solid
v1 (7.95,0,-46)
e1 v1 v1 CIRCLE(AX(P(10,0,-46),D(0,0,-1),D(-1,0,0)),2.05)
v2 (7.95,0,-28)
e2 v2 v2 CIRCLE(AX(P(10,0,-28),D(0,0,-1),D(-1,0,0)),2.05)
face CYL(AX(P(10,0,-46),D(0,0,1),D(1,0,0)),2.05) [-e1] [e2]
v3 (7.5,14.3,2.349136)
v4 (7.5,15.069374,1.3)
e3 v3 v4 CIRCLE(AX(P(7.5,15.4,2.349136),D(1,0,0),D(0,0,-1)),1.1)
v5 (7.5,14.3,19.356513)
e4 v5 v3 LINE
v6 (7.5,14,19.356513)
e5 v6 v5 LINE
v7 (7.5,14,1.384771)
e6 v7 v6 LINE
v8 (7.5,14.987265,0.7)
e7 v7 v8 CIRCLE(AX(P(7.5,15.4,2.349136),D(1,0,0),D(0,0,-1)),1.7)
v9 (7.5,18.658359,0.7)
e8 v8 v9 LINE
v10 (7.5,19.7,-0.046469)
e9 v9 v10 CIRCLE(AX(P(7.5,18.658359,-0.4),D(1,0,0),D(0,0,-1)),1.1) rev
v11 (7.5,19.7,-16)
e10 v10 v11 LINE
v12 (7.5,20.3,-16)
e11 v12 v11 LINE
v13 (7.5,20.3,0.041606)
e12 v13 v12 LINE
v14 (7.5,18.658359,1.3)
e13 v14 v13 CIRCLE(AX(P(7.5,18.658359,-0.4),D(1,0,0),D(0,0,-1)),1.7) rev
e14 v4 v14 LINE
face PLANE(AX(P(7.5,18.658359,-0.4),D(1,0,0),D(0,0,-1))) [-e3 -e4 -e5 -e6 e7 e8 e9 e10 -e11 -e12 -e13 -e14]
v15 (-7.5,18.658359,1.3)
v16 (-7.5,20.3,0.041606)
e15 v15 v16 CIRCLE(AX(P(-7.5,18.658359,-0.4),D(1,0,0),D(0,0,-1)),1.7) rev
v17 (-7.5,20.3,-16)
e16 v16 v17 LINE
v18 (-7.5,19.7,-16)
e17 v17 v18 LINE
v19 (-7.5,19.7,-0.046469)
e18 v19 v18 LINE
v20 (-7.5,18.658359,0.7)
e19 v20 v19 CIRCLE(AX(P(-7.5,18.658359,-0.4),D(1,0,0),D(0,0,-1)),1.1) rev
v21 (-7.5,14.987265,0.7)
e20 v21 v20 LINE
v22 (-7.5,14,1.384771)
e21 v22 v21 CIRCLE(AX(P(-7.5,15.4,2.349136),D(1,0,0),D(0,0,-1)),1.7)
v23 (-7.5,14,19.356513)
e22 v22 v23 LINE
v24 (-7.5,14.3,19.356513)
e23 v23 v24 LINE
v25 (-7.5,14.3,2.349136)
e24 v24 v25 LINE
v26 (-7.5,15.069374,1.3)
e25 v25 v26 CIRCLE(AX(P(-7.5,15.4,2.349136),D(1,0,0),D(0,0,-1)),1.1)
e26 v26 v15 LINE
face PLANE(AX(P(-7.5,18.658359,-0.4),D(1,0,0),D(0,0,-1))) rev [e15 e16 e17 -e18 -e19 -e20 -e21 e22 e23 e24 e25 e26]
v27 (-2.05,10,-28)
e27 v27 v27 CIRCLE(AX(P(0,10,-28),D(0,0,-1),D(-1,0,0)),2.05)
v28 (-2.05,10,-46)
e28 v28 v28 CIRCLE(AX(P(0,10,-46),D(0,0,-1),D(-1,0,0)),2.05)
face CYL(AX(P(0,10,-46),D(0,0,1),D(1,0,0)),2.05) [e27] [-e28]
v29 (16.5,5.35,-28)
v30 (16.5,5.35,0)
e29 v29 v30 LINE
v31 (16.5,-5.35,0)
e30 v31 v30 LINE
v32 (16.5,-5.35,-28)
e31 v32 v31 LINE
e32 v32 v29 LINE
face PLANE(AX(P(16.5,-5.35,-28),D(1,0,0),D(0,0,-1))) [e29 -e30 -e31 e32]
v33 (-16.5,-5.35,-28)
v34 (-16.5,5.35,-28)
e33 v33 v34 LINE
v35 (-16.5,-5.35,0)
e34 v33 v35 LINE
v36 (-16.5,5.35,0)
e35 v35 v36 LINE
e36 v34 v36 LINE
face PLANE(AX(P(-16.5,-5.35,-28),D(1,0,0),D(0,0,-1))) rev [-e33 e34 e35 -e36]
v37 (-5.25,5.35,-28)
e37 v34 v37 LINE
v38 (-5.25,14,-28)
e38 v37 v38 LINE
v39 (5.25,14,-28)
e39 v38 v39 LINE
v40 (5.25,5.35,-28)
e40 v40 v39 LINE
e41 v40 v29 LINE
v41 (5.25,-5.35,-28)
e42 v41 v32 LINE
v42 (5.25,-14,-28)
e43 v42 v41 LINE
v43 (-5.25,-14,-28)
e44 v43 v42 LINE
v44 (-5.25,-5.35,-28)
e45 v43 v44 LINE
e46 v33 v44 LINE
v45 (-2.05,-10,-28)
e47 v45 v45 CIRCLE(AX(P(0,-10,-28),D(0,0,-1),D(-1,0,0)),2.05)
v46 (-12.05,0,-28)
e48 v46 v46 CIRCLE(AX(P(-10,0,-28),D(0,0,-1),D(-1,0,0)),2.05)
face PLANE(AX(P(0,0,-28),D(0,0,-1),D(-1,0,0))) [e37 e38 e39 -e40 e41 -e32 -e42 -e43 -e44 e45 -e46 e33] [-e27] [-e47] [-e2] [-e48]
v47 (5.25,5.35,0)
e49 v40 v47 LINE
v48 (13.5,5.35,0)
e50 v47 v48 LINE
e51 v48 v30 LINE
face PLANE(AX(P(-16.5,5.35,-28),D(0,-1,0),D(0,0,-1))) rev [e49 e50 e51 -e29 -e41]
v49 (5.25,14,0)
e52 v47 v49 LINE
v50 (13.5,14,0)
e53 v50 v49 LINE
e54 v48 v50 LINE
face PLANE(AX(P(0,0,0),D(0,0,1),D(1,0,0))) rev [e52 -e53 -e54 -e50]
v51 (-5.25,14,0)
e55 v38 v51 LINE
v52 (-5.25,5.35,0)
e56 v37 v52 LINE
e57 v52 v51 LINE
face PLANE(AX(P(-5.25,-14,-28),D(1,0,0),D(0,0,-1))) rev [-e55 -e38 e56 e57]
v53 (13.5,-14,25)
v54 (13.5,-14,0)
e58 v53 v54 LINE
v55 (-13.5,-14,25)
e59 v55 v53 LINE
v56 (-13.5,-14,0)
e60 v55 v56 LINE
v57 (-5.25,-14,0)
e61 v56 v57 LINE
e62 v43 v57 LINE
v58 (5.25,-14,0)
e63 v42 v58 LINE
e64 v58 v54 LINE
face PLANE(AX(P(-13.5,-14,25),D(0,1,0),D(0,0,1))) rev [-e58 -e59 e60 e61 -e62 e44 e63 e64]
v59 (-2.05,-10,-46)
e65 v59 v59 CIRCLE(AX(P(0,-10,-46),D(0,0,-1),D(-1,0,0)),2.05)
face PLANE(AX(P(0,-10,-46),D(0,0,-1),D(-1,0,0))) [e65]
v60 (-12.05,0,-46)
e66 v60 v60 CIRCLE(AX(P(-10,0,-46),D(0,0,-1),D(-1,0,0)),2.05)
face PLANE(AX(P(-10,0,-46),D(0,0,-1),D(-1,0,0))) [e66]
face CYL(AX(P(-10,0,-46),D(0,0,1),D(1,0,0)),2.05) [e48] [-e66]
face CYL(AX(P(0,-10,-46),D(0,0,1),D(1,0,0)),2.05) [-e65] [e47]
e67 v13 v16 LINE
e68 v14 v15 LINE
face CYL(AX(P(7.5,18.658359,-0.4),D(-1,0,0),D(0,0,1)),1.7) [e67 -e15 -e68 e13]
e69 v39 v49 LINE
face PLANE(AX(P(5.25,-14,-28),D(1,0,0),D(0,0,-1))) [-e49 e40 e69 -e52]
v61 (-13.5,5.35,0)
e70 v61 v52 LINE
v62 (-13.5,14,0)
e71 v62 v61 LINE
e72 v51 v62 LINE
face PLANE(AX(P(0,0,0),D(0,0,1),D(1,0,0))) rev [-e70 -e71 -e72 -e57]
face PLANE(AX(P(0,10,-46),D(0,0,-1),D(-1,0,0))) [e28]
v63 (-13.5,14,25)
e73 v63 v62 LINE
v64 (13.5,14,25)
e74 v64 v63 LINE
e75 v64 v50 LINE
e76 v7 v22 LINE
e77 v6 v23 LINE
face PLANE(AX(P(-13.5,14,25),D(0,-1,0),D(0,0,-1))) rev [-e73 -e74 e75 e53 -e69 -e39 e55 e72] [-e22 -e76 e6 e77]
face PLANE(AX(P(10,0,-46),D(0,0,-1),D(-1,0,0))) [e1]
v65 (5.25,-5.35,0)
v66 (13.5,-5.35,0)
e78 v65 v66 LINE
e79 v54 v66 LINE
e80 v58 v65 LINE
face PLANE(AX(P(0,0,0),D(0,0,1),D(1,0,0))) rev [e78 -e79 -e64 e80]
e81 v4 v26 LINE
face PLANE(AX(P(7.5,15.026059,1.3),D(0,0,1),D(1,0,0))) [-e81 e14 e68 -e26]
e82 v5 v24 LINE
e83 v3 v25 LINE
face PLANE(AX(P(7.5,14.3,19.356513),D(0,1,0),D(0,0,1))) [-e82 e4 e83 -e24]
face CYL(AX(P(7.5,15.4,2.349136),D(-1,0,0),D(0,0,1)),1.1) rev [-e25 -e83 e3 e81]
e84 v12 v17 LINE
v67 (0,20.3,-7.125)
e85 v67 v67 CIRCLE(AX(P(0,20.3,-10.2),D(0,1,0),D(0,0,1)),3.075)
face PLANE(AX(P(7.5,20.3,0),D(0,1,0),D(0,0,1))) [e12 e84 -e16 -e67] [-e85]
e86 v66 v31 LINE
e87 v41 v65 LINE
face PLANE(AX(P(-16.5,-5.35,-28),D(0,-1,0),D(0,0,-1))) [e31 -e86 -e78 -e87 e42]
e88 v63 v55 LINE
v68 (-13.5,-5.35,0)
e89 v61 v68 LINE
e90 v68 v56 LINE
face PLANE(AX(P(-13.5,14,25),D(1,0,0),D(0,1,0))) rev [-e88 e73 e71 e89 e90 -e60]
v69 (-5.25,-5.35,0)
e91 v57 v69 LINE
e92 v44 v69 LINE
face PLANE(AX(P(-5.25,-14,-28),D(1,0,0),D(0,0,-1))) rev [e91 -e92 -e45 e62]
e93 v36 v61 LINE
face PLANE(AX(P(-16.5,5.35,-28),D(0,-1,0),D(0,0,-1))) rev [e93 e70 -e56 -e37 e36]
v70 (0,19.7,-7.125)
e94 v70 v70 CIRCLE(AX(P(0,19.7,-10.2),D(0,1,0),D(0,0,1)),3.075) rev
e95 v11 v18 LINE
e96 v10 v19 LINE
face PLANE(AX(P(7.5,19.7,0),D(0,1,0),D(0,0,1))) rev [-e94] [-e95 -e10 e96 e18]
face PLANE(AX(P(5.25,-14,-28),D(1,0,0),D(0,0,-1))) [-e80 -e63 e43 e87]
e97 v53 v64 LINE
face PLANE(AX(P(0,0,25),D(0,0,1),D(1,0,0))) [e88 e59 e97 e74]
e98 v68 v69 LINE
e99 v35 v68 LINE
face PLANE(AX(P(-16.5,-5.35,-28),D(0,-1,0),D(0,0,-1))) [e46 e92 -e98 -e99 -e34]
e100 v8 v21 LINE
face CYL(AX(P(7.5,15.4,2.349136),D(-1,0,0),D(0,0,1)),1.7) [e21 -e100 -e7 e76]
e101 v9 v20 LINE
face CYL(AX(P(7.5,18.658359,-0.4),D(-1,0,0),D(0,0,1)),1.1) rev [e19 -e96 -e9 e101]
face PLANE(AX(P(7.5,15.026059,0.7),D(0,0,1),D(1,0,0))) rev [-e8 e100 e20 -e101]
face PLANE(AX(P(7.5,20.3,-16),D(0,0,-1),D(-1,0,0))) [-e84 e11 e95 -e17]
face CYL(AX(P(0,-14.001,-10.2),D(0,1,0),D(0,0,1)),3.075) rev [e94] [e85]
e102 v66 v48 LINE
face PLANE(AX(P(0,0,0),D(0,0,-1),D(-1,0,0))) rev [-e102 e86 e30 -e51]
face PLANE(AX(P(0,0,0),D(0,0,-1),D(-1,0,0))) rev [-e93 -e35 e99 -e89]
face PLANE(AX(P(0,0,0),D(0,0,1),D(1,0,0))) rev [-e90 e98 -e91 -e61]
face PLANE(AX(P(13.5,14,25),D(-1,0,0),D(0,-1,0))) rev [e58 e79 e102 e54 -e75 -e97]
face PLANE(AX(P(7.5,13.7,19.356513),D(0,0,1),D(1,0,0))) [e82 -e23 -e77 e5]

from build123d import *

# Parameters (mm, degrees)
SKETCH1_W           = 27
SKETCH1_H           = 28
BOSS_EXTRUDE1_DEPTH = 25
SKETCH2_W           = 33
SKETCH2_H           = 10.7
SKETCH2_W_2         = 10.5
SKETCH2_H_2         = 28
BOSS_EXTRUDE2_DEPTH = 28
SKETCH3_R           = 2.05
BOSS_EXTRUDE3_DEPTH = 18
EXTRUDE_THIN1_DEPTH = 7.5
MOUNTING_HOLE_REACH = 61.705
SKETCH5_R           = 3.075


with BuildPart() as part:
    # Sketch1 → Boss-Extrude1 (new body)
    with BuildSketch(Plane.XY):
        Rectangle(SKETCH1_W, SKETCH1_H)
    extrude(amount=BOSS_EXTRUDE1_DEPTH)

    # Sketch2 → Boss-Extrude2 (add)
    with BuildSketch(Plane.XY):
        Rectangle(SKETCH2_W, SKETCH2_H)
        Rectangle(SKETCH2_W_2, SKETCH2_H_2)
    extrude(amount=-BOSS_EXTRUDE2_DEPTH)

    # Sketch3 → Boss-Extrude3 (add)
    with BuildSketch(Plane(origin=(0, 0, -28), x_dir=(-1, 0, 0), z_dir=(0, 0, -1))):
        with Locations((-10, 0)):
            Circle(SKETCH3_R)
        with Locations((10, 0)):
            Circle(SKETCH3_R)
        with Locations((0, 10)):
            Circle(SKETCH3_R)
        with Locations((0, -10)):
            Circle(SKETCH3_R)
    extrude(amount=BOSS_EXTRUDE3_DEPTH)

    # Sketch4 → Extrude-Thin1 (add, symmetric)
    with BuildSketch(Plane(origin=(0, 0, 0), x_dir=(0, 0, -1), z_dir=(1, 0, 0))):
        with BuildLine():
            Line((-19.356513239, 13.7), (-2.349136171, 13.7))
            ThreePointArc((-2.349136171, 13.7), (-1.303107706, 14.059916252), (-0.7, 14.987265351))
            Line((-0.7, 14.987265351), (-0.7, 18.658359214))
            ThreePointArc((-0.7, 18.658359214), (-0.494115365, 19.29910699), (0.04646857, 19.7))
            Line((0.04646857, 19.7), (16, 19.7))
            Line((16, 19.7), (16, 20.3))
            Line((16, 20.3), (-0.041605625, 20.3))
            ThreePointArc((-0.041605625, 20.3), (-0.949208947, 19.692590918), (-1.3, 18.658359214))
            Line((-1.3, 18.658359214), (-1.3, 15.069374388))
            ThreePointArc((-1.3, 15.069374388), (-1.698631818, 14.512957675), (-2.349136171, 14.3))
            Line((-2.349136171, 14.3), (-19.356513239, 14.3))
            Line((-19.356513239, 14.3), (-19.356513239, 13.7))
        make_face()
    extrude(amount=EXTRUDE_THIN1_DEPTH, both=True)

    # Sketch5 → Mounting Hole (cut, up to next)
    with BuildSketch(Plane(origin=(0, 20.3, 0), x_dir=(1, 0, 0), z_dir=(0, 1, 0)), mode=Mode.PRIVATE) as mounting_hole_sk1:
        with Locations(Location((0, 10.2, 0), (0, 0, 270))):
            Circle(SKETCH5_R)
    mounting_hole_tool1 = extrude(mounting_hole_sk1.sketch, amount=-MOUNTING_HOLE_REACH, mode=Mode.PRIVATE) & part.part
    add(mounting_hole_tool1.solids().sort_by_distance((0, 20.3, -10.2))[0], mode=Mode.SUBTRACT)


solid = part.part
